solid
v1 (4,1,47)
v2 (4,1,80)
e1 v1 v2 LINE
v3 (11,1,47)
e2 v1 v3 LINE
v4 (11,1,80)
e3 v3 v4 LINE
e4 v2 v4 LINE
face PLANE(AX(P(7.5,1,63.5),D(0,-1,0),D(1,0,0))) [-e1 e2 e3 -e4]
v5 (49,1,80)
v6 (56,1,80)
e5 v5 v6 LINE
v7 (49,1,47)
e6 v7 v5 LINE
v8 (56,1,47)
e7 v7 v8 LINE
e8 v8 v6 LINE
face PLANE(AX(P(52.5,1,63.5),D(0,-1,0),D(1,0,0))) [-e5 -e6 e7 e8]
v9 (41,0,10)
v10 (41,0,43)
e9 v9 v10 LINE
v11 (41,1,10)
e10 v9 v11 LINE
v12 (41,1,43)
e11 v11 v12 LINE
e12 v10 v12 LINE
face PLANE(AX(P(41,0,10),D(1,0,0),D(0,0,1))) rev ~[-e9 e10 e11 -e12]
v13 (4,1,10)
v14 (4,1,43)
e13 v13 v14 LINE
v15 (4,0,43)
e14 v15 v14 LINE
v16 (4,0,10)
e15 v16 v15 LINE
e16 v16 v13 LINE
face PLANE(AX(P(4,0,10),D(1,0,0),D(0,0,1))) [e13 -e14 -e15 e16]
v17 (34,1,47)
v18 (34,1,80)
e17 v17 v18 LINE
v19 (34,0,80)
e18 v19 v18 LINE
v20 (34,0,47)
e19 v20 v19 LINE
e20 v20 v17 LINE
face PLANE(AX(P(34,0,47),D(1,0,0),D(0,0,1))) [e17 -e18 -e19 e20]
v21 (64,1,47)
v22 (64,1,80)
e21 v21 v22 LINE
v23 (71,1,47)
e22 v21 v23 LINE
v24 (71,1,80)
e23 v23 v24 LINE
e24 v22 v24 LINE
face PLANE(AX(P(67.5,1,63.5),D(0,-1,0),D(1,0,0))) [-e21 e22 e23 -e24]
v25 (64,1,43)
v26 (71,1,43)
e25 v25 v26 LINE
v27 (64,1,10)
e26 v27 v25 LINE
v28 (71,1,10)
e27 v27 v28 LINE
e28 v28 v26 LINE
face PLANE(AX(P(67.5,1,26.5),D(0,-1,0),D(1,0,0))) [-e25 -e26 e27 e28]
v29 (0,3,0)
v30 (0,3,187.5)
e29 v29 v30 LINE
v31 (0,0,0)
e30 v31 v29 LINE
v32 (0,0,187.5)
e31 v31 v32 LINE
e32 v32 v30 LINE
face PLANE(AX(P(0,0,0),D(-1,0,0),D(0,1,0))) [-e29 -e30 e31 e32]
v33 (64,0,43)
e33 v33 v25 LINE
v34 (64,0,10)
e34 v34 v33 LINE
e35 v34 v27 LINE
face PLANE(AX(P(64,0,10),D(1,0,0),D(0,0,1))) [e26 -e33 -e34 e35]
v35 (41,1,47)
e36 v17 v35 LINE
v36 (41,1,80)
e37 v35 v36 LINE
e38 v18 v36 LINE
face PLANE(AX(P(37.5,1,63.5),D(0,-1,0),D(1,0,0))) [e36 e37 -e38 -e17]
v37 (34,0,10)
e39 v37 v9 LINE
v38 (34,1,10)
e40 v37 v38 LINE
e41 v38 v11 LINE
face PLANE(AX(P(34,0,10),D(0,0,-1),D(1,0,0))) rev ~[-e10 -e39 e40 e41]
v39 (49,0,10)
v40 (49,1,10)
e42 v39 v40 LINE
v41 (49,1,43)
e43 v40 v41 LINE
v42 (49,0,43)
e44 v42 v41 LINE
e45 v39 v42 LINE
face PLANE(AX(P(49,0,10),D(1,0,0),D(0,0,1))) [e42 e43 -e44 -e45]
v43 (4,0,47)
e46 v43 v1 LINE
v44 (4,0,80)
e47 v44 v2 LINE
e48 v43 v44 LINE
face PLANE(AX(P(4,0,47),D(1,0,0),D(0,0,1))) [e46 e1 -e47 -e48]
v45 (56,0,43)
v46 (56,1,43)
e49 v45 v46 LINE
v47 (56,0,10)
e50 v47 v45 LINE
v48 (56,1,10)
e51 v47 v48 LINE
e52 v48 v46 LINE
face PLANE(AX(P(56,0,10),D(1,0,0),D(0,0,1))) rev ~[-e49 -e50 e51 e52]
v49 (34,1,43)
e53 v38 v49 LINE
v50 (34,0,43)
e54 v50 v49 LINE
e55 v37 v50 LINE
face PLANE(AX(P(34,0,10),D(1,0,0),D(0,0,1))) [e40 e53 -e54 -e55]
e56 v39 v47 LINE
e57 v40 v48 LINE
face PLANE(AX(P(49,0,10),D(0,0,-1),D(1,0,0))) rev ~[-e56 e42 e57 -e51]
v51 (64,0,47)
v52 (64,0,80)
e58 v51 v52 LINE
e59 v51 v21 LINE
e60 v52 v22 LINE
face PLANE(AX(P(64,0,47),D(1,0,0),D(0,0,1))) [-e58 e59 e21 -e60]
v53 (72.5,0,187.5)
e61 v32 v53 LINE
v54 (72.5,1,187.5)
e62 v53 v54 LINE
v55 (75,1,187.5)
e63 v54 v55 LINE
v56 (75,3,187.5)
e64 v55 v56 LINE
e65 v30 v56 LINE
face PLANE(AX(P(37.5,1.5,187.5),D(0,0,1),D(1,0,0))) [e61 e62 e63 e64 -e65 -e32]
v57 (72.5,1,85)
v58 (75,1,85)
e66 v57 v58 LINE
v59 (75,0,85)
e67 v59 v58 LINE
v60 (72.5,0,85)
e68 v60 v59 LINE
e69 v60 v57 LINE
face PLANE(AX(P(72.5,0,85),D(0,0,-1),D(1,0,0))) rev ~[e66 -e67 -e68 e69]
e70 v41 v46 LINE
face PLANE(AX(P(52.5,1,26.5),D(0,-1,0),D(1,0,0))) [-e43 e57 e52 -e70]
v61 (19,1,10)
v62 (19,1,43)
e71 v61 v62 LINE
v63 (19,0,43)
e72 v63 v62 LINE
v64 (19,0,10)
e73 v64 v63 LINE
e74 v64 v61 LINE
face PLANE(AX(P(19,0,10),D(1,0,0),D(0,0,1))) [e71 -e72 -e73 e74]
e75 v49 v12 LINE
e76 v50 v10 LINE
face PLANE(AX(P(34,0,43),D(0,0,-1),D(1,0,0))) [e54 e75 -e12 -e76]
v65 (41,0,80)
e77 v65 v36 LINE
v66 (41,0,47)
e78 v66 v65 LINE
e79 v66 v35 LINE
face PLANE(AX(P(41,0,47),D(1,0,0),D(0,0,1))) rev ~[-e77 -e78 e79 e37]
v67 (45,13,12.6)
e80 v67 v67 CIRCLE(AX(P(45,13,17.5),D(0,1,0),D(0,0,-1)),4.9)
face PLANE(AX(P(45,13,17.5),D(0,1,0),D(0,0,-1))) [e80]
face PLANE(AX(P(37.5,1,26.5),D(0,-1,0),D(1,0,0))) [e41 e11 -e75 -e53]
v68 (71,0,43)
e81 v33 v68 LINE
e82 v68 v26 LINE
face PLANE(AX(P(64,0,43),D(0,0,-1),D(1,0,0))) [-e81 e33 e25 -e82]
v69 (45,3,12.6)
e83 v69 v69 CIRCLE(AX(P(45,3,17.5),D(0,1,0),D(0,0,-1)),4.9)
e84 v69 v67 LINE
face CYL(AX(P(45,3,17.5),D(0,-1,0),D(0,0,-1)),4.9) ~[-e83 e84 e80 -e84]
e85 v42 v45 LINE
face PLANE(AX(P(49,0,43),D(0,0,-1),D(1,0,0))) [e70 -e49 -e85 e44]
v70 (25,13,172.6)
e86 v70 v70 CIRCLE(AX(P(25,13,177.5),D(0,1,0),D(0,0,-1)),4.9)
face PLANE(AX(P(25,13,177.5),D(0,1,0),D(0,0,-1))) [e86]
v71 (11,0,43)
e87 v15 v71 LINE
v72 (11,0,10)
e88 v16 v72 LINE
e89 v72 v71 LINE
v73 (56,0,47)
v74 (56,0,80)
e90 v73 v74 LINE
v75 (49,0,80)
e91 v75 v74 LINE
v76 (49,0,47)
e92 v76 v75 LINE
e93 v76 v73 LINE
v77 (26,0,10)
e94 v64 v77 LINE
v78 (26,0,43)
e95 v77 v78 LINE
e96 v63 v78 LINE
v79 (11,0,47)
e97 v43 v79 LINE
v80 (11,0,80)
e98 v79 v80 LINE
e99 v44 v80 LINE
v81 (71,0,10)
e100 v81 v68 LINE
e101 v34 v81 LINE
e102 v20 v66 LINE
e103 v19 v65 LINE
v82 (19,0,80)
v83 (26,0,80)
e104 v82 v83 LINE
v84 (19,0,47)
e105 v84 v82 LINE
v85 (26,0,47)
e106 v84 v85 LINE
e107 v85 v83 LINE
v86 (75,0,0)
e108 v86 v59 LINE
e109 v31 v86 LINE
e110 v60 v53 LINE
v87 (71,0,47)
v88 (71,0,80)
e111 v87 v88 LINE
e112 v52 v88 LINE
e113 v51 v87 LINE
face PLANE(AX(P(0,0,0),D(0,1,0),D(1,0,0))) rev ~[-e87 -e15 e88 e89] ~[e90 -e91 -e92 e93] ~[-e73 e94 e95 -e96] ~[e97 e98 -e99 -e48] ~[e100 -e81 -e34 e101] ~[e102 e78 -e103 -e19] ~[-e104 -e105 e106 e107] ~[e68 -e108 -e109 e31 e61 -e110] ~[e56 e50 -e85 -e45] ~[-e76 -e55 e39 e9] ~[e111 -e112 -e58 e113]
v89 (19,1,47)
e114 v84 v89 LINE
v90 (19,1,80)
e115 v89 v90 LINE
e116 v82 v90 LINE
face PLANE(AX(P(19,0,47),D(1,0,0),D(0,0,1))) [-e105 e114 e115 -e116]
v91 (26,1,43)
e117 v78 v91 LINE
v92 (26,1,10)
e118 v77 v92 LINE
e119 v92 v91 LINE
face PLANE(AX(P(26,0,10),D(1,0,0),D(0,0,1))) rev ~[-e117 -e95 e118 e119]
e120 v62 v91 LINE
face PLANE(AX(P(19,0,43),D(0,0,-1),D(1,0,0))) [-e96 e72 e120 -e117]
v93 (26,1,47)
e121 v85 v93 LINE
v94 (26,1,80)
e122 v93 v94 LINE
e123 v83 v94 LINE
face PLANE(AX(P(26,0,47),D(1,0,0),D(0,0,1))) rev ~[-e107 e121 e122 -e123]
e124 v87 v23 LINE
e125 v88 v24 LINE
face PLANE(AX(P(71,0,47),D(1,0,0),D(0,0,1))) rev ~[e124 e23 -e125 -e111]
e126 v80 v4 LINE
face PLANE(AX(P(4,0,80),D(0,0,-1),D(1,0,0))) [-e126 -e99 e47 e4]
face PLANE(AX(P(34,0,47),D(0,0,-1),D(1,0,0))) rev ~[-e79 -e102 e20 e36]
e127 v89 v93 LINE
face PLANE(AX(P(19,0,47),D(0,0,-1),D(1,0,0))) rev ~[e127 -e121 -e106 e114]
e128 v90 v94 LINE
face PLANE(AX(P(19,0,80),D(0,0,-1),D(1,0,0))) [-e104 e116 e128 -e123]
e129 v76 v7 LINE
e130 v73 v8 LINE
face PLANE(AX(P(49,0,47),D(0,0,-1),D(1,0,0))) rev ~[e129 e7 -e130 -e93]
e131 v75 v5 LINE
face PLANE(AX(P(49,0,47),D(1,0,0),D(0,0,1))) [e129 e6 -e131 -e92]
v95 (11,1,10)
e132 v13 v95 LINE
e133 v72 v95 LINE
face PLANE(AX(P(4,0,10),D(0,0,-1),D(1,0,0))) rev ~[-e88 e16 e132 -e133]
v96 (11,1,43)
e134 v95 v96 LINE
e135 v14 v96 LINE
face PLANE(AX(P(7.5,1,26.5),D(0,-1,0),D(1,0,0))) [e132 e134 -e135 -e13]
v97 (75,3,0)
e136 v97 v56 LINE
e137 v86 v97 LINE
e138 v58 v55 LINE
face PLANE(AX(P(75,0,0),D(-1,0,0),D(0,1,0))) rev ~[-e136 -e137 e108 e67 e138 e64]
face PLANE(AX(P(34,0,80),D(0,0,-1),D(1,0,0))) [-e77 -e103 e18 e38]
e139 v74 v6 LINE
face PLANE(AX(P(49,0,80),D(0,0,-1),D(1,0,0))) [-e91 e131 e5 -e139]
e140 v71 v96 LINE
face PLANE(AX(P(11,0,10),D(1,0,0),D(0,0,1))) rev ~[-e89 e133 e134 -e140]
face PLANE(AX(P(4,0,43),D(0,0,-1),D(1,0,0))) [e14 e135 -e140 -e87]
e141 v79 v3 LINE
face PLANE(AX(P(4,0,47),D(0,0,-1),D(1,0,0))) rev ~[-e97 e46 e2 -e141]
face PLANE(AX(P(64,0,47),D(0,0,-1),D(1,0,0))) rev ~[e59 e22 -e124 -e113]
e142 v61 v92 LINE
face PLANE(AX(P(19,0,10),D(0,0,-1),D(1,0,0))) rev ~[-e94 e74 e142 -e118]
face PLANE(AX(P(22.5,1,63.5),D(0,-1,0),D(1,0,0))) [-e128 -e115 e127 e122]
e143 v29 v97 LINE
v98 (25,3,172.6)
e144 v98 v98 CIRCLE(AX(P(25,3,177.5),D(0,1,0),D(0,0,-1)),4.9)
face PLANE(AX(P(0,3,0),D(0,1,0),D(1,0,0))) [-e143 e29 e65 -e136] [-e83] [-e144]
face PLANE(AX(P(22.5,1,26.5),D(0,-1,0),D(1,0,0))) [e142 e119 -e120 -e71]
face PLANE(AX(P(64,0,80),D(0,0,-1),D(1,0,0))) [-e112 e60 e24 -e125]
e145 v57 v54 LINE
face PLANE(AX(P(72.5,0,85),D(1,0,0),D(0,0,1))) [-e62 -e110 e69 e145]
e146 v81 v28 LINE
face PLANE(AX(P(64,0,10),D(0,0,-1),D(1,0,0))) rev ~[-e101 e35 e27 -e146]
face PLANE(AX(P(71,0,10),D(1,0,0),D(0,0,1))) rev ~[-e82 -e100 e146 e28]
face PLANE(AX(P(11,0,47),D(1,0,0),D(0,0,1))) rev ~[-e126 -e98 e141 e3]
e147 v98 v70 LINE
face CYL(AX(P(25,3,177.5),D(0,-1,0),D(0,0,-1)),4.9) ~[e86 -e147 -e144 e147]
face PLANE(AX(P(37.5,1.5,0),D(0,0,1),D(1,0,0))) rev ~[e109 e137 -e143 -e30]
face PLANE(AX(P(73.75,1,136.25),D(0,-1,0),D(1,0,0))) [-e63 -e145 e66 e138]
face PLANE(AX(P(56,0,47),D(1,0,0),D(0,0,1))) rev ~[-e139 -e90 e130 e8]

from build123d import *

# Parameters (mm, degrees)
SKETCH1_W           = 75
SKETCH1_H           = 3
BOSS_EXTRUDE1_DEPTH = 187.5
SKETCH2_R           = 4.9
BOSS_EXTRUDE2_DEPTH = 10
SKETCH3_W           = 7
SKETCH3_H           = 33
SKETCH3_W_2         = 2.5
SKETCH3_H_2         = 102.5
CUT_EXTRUDE1_DEPTH  = 1


with BuildPart() as part:
    # Sketch1 → Boss-Extrude1 (new body)
    with BuildSketch(Plane.XY):
        with Locations((37.5, 1.5)):
            Rectangle(SKETCH1_W, SKETCH1_H)
    extrude(amount=BOSS_EXTRUDE1_DEPTH)

    # Sketch2 → Boss-Extrude2 (add)
    with BuildSketch(Plane(origin=(0, 3, 0), x_dir=(1, 0, 0), z_dir=(0, 1, 0))):
        with Locations(Location((25, -177.5, 0), (0, 0, 90))):
            Circle(SKETCH2_R)
        with Locations(Location((45, -17.5, 0), (0, 0, 90))):
            Circle(SKETCH2_R)
    extrude(amount=BOSS_EXTRUDE2_DEPTH)

    # Sketch3 → Cut-Extrude1 (cut)
    with BuildSketch(Plane.XZ):
        with Locations((7.5, 26.5)):
            Rectangle(SKETCH3_W, SKETCH3_H)
        with Locations((7.5, 63.5)):
            Rectangle(SKETCH3_W, SKETCH3_H)
        with Locations((22.5, 26.5)):
            Rectangle(SKETCH3_W, SKETCH3_H)
        with Locations((22.5, 63.5)):
            Rectangle(SKETCH3_W, SKETCH3_H)
        with Locations((37.5, 26.5)):
            Rectangle(SKETCH3_W, SKETCH3_H)
        with Locations((37.5, 63.5)):
            Rectangle(SKETCH3_W, SKETCH3_H)
        with Locations((52.5, 26.5)):
            Rectangle(SKETCH3_W, SKETCH3_H)
        with Locations((52.5, 63.5)):
            Rectangle(SKETCH3_W, SKETCH3_H)
        with Locations((67.5, 26.5)):
            Rectangle(SKETCH3_W, SKETCH3_H)
        with Locations((67.5, 63.5)):
            Rectangle(SKETCH3_W, SKETCH3_H)
        with Locations((73.75, 136.25)):
            Rectangle(SKETCH3_W_2, SKETCH3_H_2)
    extrude(amount=-CUT_EXTRUDE1_DEPTH, mode=Mode.SUBTRACT)


solid = part.part
